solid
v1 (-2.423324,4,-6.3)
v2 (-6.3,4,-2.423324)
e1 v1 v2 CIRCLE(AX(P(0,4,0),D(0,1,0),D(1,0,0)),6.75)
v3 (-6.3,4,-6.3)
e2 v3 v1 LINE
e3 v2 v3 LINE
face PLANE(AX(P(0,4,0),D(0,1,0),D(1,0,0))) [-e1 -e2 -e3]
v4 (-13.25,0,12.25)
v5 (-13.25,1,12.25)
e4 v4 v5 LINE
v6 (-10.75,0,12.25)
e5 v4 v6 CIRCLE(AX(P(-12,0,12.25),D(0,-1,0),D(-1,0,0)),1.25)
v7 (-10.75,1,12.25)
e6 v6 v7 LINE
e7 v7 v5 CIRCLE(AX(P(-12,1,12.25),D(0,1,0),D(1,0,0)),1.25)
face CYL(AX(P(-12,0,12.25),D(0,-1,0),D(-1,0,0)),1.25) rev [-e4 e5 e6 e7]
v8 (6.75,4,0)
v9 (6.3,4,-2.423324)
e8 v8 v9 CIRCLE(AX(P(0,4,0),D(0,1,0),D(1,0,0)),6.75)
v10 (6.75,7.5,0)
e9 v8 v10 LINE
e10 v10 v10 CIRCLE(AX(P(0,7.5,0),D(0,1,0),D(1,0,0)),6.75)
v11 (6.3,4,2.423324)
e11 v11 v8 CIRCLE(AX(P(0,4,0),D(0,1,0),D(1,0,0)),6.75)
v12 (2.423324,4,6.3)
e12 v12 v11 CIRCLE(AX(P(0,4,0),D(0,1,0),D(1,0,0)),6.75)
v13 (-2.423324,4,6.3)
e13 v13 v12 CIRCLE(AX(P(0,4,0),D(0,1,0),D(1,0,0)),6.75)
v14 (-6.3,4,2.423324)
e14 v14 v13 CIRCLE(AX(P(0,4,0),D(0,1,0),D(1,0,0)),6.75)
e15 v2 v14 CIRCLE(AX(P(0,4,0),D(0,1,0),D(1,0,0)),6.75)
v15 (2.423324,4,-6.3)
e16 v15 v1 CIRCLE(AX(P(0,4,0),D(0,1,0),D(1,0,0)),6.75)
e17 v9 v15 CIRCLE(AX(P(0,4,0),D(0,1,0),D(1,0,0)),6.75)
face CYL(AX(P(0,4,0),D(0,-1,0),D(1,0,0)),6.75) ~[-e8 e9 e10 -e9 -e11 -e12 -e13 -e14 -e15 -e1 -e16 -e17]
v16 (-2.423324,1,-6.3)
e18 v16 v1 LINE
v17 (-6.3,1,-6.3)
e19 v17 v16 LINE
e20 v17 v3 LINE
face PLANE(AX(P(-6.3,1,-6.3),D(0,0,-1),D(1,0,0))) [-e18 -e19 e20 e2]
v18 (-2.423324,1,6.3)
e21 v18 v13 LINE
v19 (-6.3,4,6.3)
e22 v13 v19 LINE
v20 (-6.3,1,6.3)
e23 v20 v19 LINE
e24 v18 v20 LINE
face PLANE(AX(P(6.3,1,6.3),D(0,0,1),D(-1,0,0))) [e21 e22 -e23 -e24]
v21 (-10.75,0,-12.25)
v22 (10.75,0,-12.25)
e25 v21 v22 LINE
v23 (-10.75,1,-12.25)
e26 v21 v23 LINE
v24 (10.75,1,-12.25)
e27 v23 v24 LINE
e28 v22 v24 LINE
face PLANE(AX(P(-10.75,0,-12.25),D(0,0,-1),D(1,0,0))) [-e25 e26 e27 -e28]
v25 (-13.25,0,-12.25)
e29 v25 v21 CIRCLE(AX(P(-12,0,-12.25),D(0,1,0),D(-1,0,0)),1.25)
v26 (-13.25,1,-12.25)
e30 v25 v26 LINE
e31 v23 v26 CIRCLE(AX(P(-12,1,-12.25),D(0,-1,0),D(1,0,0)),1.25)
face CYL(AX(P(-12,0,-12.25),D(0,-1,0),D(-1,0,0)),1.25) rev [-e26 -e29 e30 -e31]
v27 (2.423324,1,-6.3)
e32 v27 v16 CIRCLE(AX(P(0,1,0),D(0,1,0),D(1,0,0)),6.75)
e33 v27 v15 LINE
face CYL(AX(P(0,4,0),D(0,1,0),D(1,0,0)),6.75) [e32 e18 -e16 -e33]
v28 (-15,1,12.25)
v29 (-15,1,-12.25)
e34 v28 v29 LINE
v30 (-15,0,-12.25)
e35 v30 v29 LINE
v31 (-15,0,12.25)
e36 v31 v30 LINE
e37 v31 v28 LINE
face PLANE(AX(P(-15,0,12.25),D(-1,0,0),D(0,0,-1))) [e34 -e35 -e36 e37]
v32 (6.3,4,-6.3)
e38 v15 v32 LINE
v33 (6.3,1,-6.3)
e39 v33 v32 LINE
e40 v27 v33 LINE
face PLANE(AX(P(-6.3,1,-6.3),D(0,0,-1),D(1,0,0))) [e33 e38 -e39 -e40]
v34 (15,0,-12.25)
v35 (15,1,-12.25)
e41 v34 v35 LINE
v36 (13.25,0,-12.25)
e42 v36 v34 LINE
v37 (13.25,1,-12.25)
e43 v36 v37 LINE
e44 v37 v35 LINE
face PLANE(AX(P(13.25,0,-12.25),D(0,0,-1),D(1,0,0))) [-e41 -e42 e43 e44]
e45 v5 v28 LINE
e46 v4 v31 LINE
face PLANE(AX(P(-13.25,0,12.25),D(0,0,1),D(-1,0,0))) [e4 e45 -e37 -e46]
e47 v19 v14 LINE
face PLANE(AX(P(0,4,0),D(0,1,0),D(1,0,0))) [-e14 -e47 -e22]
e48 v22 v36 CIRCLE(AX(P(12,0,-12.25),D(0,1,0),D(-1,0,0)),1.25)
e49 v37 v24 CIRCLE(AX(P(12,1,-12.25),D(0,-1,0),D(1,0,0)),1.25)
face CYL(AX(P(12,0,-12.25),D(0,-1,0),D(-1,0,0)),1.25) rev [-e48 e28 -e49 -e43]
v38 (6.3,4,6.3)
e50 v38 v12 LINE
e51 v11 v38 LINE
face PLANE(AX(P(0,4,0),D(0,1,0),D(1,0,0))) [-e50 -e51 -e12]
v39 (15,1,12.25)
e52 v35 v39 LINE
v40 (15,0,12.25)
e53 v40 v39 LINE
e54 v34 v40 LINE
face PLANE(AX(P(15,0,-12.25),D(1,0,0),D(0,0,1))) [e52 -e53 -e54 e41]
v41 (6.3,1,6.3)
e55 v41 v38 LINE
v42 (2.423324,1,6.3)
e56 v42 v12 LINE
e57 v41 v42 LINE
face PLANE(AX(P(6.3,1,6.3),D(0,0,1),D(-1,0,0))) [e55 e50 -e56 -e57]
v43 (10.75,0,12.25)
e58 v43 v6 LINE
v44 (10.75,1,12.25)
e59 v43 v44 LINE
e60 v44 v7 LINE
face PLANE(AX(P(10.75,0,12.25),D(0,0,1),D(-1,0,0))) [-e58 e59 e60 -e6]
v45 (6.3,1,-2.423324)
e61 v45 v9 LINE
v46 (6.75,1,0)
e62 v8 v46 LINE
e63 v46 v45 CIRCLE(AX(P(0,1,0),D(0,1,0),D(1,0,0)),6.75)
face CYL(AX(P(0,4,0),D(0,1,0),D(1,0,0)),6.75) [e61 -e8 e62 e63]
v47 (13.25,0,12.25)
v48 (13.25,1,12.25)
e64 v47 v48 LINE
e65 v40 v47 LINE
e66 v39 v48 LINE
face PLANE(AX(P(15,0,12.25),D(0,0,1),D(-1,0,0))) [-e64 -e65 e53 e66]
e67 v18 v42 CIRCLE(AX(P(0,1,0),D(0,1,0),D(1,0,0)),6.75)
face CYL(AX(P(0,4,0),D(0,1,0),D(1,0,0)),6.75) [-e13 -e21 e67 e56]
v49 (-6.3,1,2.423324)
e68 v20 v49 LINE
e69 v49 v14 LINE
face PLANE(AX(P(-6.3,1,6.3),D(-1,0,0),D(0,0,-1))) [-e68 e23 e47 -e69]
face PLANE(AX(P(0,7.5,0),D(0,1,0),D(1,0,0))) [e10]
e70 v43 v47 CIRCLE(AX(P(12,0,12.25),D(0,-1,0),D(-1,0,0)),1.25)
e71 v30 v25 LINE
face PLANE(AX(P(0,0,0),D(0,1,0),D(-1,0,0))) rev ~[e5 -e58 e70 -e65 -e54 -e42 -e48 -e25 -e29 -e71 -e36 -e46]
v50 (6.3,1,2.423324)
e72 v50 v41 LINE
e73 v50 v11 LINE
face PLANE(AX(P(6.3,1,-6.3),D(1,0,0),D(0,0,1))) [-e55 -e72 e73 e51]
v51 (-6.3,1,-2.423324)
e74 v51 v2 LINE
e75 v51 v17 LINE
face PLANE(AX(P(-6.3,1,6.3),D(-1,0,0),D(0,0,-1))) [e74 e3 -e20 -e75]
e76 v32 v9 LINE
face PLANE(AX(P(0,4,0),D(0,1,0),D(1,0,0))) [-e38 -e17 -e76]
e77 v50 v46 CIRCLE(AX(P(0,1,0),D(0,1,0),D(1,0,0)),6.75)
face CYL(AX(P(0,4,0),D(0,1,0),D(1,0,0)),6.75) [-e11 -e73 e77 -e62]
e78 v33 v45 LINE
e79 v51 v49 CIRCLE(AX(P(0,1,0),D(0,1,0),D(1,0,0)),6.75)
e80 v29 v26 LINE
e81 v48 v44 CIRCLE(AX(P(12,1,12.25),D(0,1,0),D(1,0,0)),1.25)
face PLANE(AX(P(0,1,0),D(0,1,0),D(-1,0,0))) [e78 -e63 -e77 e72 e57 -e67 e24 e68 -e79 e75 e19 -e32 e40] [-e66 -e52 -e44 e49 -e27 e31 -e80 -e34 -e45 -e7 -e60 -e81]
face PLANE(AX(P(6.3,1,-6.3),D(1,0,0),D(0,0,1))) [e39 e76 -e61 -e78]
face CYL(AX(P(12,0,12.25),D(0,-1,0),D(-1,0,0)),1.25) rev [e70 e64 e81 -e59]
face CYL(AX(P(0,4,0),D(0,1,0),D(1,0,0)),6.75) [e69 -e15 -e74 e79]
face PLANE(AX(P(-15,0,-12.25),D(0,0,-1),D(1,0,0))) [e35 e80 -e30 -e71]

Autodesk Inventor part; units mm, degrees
ref_plane "YZ Plane" through (0, 0, 0) normal (1, 0, 0) x (0, 1, 0)
ref_plane "XZ Plane" through (0, 0, 0) normal (0, 1, 0) x (-1, 0, 0)
ref_plane "XY Plane" through (0, 0, 0) normal (0, 0, 1) x (1, 0, 0)
sketch "Sketch1" plane through (0, 0, 0) normal (0, 1, 0) x (-1, 0, 0)
  line L0 (-15, 12.25) -> (15, 12.25)
  line L1 (15, 12.25) -> (15, -12.25)
  line L2 (15, -12.25) -> (-15, -12.25)
  line L3 (-15, -12.25) -> (-15, 12.25)
  line L4 (-15, 12.25) -> (15, -12.25) construction
  line L5 (15, 12.25) -> (-15, -12.25) construction
  line L6 (-12, 12.25) -> (12, 12.25)
  line L7 (12, 12.25) -> (12, -12.25)
  line L8 (12, -12.25) -> (-12, -12.25)
  line L9 (-12, -12.25) -> (-12, 12.25)
  line L10 (-12, 12.25) -> (12, -12.25) construction
  line L11 (12, 12.25) -> (-12, -12.25) construction
  circle A0 centre (12, -12.25) radius 1.25
  circle A1 centre (-12, -12.25) radius 1.25
  circle A2 centre (-12, 12.25) radius 1.25
  circle A3 centre (12, 12.25) radius 1.25
  point P0 (0, 0)
  point P1 (13.25, 12.25)
  point P2 (10.75, 12.25)
  point P3 (-10.75, 12.25)
  point P4 (-13.25, 12.25)
  point P5 (-13.25, -12.25)
  point P6 (-10.75, -12.25)
  point P7 (10.75, -12.25)
  point P8 (13.25, -12.25)
  dimension "d0" = 30
  dimension "d1" = 24.5
  dimension "d2" = 24
  dimension "d3" = 2.5
extrude "Extrusion1" add sketch "Sketch1" along normal blind 1 contours L0 A3 L7 A0 L2 A1 L9 A2 | A2 L9 A1 L2 L3 L0 | L0 L1 L2 A0 L7 A3
sketch "Sketch2" plane through (0, 1, 0) normal (0, 1, 0) x (1, 0, 0)
  line L0 (-6.3, 6.3) -> (6.3, 6.3)
  line L1 (6.3, 6.3) -> (6.3, -6.3)
  line L2 (6.3, -6.3) -> (-6.3, -6.3)
  line L3 (-6.3, -6.3) -> (-6.3, 6.3)
  line L4 (-6.3, 6.3) -> (6.3, -6.3) construction
  line L5 (6.3, 6.3) -> (-6.3, -6.3) construction
  point P0 (0, 0)
  dimension "d6" = 12.6
  dimension "d7" = 12.6
extrude "Extrusion2" add sketch "Sketch2" along normal blind 3
sketch "Sketch3" plane through (0, 4, 0) normal (0, 1, 0) x (1, 0, 0)
  circle A0 centre (0, 0) radius 6.75
  dimension "d10" = 13.5
extrude "Extrusion3" add sketch "Sketch3" along normal blind 3.5 and the other way blind 3
properties part number "Camera"
